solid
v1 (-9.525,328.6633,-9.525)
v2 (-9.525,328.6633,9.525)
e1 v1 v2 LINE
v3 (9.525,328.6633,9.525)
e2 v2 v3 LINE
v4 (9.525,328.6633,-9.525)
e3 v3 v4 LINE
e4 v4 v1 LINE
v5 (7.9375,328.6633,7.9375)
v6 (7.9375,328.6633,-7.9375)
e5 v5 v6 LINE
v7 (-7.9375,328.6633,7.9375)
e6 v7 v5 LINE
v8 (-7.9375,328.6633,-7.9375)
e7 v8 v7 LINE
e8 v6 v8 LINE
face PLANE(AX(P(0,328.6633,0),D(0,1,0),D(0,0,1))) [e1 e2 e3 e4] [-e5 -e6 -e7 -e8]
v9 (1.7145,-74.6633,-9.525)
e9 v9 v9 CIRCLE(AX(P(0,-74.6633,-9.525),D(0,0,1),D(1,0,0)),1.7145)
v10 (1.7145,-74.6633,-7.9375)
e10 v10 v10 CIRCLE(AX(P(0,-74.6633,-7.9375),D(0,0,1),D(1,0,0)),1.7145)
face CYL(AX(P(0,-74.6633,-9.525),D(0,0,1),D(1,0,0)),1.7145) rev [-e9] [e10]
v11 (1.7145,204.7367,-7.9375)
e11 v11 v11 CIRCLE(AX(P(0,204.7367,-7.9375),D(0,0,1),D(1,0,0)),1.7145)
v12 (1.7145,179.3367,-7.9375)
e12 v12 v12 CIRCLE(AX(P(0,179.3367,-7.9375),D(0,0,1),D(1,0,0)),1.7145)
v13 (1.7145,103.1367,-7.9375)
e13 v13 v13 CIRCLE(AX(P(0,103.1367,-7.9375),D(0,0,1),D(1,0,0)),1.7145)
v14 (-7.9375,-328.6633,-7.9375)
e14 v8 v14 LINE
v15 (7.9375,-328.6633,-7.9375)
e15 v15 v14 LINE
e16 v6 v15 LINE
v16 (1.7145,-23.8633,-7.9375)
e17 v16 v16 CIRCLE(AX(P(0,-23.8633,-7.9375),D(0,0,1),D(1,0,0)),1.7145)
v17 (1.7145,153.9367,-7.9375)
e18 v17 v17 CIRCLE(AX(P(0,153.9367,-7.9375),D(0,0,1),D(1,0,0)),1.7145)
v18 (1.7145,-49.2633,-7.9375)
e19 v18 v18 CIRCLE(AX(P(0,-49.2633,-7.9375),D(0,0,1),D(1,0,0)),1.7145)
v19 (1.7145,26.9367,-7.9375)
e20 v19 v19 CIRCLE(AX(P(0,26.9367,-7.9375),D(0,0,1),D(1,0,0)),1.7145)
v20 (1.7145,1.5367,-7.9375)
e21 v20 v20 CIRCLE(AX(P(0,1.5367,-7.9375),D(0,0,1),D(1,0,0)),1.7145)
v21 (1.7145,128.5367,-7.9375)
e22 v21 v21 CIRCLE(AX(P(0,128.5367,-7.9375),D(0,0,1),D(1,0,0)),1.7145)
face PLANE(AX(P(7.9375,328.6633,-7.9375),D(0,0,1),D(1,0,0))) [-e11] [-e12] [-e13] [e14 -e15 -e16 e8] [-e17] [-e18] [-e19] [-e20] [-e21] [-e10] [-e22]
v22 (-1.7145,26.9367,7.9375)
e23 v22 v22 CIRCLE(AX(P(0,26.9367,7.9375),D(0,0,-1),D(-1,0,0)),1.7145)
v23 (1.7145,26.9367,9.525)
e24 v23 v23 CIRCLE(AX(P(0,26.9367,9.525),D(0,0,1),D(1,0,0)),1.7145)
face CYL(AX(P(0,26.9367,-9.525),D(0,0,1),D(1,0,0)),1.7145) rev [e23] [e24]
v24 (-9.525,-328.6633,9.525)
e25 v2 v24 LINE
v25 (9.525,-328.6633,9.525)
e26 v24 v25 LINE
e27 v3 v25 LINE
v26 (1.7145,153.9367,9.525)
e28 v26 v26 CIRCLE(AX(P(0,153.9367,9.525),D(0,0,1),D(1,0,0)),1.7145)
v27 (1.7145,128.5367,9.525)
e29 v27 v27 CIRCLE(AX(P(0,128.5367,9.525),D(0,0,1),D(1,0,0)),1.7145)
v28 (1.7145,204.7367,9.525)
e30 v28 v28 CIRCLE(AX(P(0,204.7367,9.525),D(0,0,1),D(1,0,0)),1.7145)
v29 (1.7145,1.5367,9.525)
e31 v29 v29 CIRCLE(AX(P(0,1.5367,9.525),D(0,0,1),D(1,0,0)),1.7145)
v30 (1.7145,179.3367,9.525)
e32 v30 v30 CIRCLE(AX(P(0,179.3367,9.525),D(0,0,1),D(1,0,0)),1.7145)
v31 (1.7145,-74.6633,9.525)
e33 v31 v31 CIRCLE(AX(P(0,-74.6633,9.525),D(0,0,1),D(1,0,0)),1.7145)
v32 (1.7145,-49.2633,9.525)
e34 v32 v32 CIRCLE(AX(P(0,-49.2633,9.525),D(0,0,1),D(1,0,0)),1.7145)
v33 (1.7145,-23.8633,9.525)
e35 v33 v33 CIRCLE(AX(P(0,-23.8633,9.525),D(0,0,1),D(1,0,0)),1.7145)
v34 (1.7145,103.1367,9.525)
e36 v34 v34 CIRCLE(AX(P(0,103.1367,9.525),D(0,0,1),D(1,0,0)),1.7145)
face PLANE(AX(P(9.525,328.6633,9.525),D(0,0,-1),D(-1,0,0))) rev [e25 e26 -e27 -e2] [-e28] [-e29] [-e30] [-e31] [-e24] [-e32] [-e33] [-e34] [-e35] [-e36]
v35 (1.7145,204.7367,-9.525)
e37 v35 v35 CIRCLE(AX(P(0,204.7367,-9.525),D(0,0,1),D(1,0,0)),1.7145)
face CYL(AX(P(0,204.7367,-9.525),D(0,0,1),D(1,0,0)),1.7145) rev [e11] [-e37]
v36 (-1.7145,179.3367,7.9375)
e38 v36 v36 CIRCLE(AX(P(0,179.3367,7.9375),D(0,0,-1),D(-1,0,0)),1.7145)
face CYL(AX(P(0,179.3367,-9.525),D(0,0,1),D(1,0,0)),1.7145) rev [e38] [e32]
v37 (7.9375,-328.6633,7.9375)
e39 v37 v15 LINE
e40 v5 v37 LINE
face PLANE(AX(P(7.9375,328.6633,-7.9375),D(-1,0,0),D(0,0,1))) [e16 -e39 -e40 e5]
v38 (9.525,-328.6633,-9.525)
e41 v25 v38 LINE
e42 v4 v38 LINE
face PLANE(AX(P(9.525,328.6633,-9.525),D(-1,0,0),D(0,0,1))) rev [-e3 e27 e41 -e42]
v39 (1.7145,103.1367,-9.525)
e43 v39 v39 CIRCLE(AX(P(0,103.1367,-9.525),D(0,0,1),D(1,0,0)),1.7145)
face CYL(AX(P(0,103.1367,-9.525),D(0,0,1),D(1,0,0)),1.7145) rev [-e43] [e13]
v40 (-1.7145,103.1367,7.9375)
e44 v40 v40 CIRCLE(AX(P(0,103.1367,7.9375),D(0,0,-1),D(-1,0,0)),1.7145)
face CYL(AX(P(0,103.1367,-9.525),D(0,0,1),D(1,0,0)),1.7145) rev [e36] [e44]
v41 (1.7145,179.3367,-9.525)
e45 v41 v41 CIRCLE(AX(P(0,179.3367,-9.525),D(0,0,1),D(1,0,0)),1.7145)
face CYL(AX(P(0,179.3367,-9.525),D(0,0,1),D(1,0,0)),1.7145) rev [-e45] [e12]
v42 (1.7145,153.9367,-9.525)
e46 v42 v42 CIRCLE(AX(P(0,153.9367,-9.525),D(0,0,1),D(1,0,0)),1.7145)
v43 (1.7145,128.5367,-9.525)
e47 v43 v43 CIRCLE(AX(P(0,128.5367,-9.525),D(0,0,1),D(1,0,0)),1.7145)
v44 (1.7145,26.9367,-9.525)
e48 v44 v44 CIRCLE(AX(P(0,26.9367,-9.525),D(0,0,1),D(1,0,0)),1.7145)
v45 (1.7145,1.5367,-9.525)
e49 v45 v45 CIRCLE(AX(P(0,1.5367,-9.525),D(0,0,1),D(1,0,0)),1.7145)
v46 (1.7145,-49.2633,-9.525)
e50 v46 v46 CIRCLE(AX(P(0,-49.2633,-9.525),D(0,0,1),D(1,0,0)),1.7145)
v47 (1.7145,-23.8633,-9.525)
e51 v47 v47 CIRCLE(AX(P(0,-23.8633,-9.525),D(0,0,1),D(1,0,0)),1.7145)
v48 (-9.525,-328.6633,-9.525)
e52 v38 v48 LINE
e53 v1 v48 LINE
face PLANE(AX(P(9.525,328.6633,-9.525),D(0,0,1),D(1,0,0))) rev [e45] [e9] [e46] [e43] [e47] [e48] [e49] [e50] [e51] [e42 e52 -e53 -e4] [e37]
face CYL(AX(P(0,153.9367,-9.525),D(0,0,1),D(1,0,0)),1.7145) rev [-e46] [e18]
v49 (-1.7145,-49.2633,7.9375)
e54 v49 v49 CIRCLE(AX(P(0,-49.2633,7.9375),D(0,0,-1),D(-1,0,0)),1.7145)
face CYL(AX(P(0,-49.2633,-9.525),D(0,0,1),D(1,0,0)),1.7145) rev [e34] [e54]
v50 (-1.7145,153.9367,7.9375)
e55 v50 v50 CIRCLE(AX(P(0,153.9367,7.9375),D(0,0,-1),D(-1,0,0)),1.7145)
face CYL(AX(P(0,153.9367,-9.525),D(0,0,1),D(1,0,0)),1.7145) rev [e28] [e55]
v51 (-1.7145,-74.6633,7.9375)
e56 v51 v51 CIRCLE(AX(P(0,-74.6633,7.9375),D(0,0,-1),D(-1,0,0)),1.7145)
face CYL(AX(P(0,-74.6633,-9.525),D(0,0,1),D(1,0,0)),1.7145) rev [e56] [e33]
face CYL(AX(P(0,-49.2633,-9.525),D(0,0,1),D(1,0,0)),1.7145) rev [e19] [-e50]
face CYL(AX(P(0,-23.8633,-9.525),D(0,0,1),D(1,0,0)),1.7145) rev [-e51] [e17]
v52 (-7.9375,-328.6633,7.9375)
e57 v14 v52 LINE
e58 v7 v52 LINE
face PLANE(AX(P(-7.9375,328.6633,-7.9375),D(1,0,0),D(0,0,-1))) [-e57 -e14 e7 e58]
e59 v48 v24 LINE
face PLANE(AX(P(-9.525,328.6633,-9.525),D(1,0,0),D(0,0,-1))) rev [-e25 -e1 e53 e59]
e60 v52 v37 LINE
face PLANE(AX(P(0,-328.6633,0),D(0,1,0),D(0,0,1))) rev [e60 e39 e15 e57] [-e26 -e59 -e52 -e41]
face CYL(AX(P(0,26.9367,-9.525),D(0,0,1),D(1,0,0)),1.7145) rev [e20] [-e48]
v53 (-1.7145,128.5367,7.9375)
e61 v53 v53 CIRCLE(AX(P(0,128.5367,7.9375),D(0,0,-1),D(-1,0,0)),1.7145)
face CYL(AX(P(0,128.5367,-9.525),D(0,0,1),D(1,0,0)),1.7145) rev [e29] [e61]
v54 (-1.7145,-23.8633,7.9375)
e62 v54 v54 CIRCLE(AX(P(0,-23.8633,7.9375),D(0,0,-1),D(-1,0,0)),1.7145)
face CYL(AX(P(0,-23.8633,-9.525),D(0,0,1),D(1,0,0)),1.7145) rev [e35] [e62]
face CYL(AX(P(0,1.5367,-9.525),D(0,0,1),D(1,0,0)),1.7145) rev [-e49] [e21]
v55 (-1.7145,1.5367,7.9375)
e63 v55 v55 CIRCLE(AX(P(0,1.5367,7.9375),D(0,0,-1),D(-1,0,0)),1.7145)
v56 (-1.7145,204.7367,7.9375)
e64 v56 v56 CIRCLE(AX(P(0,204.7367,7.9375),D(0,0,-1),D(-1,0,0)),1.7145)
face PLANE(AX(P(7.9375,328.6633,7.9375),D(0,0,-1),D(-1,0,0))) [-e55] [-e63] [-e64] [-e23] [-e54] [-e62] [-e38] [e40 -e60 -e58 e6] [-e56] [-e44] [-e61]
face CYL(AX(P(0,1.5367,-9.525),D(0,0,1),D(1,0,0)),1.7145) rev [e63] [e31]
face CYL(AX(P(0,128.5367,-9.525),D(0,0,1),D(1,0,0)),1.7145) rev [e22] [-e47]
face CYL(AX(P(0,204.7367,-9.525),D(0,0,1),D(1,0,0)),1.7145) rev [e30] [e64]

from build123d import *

# Parameters (mm, degrees)
SKETCH1_W                 = 19.05
SKETCH1_H                 = 19.05
SKETCH1_W_2               = 15.875
SKETCH1_H_2               = 15.875
BOSS_EXTRUDE1_DEPTH       = 328.6633
SKETCH2_R                 = 1.7145
CUT_EXTRUDE1_DEPTH        = 330.352687695
LPATTERN1_COUNT           = 5
LPATTERN1_PITCH           = 25.4
LPATTERN2_COUNT           = 2
LPATTERN2_PITCH           = 177.8
LPATTERN2_COPY_1_SKETCH_R = 1.7145
LPATTERN2_COPY_1_DEPTH    = 330.352687695
LPATTERN2_COPY_2_SKETCH_R = 1.7145
LPATTERN2_COPY_2_DEPTH    = 330.352687695
LPATTERN2_COPY_3_SKETCH_R = 1.7145
LPATTERN2_COPY_3_DEPTH    = 330.352687695
LPATTERN2_COPY_4_SKETCH_R = 1.7145
LPATTERN2_COPY_4_DEPTH    = 330.352687695


with BuildPart() as part:
    # Sketch1 → Boss-Extrude1 (new, symmetric)
    with BuildSketch(Plane.ZX):
        Rectangle(SKETCH1_W, SKETCH1_H)
        Rectangle(SKETCH1_W_2, SKETCH1_H_2, mode=Mode.SUBTRACT)
    extrude(amount=BOSS_EXTRUDE1_DEPTH, both=True)

    # Sketch2 → Cut-Extrude1 (cut, through all)
    with BuildSketch(Plane.XY.offset(9.525)):
        with Locations((0, -74.6633)):
            Circle(SKETCH2_R)
    cut_extrude1 = extrude(amount=-CUT_EXTRUDE1_DEPTH, mode=Mode.SUBTRACT)

    # LPattern1: Cut-Extrude1 ×5
    with Locations(*[(0, i * LPATTERN1_PITCH, 0) for i in range(1, LPATTERN1_COUNT)]):
        add(cut_extrude1, mode=Mode.SUBTRACT)

    # LPattern2: Cut-Extrude1 ×2
    with Locations(*[(0, i * LPATTERN2_PITCH, 0) for i in range(1, LPATTERN2_COUNT)]):
        add(cut_extrude1, mode=Mode.SUBTRACT)

    # LPattern2 copy 1 sketch → LPattern2 copy 1 (cut, through all)
    with BuildSketch(Plane(origin=(0, 203.2, 9.525), x_dir=(1, 0, 0), z_dir=(0, 0, 1))):
        with Locations((0, -74.6633)):
            Circle(LPATTERN2_COPY_1_SKETCH_R)
    extrude(amount=-LPATTERN2_COPY_1_DEPTH, mode=Mode.SUBTRACT)

    # LPattern2 copy 2 sketch → LPattern2 copy 2 (cut, through all)
    with BuildSketch(Plane(origin=(0, 228.6, 9.525), x_dir=(1, 0, 0), z_dir=(0, 0, 1))):
        with Locations((0, -74.6633)):
            Circle(LPATTERN2_COPY_2_SKETCH_R)
    extrude(amount=-LPATTERN2_COPY_2_DEPTH, mode=Mode.SUBTRACT)

    # LPattern2 copy 3 sketch → LPattern2 copy 3 (cut, through all)
    with BuildSketch(Plane(origin=(0, 254, 9.525), x_dir=(1, 0, 0), z_dir=(0, 0, 1))):
        with Locations((0, -74.6633)):
            Circle(LPATTERN2_COPY_3_SKETCH_R)
    extrude(amount=-LPATTERN2_COPY_3_DEPTH, mode=Mode.SUBTRACT)

    # LPattern2 copy 4 sketch → LPattern2 copy 4 (cut, through all)
    with BuildSketch(Plane(origin=(0, 279.4, 9.525), x_dir=(1, 0, 0), z_dir=(0, 0, 1))):
        with Locations((0, -74.6633)):
            Circle(LPATTERN2_COPY_4_SKETCH_R)
    extrude(amount=-LPATTERN2_COPY_4_DEPTH, mode=Mode.SUBTRACT)


solid = part.part
